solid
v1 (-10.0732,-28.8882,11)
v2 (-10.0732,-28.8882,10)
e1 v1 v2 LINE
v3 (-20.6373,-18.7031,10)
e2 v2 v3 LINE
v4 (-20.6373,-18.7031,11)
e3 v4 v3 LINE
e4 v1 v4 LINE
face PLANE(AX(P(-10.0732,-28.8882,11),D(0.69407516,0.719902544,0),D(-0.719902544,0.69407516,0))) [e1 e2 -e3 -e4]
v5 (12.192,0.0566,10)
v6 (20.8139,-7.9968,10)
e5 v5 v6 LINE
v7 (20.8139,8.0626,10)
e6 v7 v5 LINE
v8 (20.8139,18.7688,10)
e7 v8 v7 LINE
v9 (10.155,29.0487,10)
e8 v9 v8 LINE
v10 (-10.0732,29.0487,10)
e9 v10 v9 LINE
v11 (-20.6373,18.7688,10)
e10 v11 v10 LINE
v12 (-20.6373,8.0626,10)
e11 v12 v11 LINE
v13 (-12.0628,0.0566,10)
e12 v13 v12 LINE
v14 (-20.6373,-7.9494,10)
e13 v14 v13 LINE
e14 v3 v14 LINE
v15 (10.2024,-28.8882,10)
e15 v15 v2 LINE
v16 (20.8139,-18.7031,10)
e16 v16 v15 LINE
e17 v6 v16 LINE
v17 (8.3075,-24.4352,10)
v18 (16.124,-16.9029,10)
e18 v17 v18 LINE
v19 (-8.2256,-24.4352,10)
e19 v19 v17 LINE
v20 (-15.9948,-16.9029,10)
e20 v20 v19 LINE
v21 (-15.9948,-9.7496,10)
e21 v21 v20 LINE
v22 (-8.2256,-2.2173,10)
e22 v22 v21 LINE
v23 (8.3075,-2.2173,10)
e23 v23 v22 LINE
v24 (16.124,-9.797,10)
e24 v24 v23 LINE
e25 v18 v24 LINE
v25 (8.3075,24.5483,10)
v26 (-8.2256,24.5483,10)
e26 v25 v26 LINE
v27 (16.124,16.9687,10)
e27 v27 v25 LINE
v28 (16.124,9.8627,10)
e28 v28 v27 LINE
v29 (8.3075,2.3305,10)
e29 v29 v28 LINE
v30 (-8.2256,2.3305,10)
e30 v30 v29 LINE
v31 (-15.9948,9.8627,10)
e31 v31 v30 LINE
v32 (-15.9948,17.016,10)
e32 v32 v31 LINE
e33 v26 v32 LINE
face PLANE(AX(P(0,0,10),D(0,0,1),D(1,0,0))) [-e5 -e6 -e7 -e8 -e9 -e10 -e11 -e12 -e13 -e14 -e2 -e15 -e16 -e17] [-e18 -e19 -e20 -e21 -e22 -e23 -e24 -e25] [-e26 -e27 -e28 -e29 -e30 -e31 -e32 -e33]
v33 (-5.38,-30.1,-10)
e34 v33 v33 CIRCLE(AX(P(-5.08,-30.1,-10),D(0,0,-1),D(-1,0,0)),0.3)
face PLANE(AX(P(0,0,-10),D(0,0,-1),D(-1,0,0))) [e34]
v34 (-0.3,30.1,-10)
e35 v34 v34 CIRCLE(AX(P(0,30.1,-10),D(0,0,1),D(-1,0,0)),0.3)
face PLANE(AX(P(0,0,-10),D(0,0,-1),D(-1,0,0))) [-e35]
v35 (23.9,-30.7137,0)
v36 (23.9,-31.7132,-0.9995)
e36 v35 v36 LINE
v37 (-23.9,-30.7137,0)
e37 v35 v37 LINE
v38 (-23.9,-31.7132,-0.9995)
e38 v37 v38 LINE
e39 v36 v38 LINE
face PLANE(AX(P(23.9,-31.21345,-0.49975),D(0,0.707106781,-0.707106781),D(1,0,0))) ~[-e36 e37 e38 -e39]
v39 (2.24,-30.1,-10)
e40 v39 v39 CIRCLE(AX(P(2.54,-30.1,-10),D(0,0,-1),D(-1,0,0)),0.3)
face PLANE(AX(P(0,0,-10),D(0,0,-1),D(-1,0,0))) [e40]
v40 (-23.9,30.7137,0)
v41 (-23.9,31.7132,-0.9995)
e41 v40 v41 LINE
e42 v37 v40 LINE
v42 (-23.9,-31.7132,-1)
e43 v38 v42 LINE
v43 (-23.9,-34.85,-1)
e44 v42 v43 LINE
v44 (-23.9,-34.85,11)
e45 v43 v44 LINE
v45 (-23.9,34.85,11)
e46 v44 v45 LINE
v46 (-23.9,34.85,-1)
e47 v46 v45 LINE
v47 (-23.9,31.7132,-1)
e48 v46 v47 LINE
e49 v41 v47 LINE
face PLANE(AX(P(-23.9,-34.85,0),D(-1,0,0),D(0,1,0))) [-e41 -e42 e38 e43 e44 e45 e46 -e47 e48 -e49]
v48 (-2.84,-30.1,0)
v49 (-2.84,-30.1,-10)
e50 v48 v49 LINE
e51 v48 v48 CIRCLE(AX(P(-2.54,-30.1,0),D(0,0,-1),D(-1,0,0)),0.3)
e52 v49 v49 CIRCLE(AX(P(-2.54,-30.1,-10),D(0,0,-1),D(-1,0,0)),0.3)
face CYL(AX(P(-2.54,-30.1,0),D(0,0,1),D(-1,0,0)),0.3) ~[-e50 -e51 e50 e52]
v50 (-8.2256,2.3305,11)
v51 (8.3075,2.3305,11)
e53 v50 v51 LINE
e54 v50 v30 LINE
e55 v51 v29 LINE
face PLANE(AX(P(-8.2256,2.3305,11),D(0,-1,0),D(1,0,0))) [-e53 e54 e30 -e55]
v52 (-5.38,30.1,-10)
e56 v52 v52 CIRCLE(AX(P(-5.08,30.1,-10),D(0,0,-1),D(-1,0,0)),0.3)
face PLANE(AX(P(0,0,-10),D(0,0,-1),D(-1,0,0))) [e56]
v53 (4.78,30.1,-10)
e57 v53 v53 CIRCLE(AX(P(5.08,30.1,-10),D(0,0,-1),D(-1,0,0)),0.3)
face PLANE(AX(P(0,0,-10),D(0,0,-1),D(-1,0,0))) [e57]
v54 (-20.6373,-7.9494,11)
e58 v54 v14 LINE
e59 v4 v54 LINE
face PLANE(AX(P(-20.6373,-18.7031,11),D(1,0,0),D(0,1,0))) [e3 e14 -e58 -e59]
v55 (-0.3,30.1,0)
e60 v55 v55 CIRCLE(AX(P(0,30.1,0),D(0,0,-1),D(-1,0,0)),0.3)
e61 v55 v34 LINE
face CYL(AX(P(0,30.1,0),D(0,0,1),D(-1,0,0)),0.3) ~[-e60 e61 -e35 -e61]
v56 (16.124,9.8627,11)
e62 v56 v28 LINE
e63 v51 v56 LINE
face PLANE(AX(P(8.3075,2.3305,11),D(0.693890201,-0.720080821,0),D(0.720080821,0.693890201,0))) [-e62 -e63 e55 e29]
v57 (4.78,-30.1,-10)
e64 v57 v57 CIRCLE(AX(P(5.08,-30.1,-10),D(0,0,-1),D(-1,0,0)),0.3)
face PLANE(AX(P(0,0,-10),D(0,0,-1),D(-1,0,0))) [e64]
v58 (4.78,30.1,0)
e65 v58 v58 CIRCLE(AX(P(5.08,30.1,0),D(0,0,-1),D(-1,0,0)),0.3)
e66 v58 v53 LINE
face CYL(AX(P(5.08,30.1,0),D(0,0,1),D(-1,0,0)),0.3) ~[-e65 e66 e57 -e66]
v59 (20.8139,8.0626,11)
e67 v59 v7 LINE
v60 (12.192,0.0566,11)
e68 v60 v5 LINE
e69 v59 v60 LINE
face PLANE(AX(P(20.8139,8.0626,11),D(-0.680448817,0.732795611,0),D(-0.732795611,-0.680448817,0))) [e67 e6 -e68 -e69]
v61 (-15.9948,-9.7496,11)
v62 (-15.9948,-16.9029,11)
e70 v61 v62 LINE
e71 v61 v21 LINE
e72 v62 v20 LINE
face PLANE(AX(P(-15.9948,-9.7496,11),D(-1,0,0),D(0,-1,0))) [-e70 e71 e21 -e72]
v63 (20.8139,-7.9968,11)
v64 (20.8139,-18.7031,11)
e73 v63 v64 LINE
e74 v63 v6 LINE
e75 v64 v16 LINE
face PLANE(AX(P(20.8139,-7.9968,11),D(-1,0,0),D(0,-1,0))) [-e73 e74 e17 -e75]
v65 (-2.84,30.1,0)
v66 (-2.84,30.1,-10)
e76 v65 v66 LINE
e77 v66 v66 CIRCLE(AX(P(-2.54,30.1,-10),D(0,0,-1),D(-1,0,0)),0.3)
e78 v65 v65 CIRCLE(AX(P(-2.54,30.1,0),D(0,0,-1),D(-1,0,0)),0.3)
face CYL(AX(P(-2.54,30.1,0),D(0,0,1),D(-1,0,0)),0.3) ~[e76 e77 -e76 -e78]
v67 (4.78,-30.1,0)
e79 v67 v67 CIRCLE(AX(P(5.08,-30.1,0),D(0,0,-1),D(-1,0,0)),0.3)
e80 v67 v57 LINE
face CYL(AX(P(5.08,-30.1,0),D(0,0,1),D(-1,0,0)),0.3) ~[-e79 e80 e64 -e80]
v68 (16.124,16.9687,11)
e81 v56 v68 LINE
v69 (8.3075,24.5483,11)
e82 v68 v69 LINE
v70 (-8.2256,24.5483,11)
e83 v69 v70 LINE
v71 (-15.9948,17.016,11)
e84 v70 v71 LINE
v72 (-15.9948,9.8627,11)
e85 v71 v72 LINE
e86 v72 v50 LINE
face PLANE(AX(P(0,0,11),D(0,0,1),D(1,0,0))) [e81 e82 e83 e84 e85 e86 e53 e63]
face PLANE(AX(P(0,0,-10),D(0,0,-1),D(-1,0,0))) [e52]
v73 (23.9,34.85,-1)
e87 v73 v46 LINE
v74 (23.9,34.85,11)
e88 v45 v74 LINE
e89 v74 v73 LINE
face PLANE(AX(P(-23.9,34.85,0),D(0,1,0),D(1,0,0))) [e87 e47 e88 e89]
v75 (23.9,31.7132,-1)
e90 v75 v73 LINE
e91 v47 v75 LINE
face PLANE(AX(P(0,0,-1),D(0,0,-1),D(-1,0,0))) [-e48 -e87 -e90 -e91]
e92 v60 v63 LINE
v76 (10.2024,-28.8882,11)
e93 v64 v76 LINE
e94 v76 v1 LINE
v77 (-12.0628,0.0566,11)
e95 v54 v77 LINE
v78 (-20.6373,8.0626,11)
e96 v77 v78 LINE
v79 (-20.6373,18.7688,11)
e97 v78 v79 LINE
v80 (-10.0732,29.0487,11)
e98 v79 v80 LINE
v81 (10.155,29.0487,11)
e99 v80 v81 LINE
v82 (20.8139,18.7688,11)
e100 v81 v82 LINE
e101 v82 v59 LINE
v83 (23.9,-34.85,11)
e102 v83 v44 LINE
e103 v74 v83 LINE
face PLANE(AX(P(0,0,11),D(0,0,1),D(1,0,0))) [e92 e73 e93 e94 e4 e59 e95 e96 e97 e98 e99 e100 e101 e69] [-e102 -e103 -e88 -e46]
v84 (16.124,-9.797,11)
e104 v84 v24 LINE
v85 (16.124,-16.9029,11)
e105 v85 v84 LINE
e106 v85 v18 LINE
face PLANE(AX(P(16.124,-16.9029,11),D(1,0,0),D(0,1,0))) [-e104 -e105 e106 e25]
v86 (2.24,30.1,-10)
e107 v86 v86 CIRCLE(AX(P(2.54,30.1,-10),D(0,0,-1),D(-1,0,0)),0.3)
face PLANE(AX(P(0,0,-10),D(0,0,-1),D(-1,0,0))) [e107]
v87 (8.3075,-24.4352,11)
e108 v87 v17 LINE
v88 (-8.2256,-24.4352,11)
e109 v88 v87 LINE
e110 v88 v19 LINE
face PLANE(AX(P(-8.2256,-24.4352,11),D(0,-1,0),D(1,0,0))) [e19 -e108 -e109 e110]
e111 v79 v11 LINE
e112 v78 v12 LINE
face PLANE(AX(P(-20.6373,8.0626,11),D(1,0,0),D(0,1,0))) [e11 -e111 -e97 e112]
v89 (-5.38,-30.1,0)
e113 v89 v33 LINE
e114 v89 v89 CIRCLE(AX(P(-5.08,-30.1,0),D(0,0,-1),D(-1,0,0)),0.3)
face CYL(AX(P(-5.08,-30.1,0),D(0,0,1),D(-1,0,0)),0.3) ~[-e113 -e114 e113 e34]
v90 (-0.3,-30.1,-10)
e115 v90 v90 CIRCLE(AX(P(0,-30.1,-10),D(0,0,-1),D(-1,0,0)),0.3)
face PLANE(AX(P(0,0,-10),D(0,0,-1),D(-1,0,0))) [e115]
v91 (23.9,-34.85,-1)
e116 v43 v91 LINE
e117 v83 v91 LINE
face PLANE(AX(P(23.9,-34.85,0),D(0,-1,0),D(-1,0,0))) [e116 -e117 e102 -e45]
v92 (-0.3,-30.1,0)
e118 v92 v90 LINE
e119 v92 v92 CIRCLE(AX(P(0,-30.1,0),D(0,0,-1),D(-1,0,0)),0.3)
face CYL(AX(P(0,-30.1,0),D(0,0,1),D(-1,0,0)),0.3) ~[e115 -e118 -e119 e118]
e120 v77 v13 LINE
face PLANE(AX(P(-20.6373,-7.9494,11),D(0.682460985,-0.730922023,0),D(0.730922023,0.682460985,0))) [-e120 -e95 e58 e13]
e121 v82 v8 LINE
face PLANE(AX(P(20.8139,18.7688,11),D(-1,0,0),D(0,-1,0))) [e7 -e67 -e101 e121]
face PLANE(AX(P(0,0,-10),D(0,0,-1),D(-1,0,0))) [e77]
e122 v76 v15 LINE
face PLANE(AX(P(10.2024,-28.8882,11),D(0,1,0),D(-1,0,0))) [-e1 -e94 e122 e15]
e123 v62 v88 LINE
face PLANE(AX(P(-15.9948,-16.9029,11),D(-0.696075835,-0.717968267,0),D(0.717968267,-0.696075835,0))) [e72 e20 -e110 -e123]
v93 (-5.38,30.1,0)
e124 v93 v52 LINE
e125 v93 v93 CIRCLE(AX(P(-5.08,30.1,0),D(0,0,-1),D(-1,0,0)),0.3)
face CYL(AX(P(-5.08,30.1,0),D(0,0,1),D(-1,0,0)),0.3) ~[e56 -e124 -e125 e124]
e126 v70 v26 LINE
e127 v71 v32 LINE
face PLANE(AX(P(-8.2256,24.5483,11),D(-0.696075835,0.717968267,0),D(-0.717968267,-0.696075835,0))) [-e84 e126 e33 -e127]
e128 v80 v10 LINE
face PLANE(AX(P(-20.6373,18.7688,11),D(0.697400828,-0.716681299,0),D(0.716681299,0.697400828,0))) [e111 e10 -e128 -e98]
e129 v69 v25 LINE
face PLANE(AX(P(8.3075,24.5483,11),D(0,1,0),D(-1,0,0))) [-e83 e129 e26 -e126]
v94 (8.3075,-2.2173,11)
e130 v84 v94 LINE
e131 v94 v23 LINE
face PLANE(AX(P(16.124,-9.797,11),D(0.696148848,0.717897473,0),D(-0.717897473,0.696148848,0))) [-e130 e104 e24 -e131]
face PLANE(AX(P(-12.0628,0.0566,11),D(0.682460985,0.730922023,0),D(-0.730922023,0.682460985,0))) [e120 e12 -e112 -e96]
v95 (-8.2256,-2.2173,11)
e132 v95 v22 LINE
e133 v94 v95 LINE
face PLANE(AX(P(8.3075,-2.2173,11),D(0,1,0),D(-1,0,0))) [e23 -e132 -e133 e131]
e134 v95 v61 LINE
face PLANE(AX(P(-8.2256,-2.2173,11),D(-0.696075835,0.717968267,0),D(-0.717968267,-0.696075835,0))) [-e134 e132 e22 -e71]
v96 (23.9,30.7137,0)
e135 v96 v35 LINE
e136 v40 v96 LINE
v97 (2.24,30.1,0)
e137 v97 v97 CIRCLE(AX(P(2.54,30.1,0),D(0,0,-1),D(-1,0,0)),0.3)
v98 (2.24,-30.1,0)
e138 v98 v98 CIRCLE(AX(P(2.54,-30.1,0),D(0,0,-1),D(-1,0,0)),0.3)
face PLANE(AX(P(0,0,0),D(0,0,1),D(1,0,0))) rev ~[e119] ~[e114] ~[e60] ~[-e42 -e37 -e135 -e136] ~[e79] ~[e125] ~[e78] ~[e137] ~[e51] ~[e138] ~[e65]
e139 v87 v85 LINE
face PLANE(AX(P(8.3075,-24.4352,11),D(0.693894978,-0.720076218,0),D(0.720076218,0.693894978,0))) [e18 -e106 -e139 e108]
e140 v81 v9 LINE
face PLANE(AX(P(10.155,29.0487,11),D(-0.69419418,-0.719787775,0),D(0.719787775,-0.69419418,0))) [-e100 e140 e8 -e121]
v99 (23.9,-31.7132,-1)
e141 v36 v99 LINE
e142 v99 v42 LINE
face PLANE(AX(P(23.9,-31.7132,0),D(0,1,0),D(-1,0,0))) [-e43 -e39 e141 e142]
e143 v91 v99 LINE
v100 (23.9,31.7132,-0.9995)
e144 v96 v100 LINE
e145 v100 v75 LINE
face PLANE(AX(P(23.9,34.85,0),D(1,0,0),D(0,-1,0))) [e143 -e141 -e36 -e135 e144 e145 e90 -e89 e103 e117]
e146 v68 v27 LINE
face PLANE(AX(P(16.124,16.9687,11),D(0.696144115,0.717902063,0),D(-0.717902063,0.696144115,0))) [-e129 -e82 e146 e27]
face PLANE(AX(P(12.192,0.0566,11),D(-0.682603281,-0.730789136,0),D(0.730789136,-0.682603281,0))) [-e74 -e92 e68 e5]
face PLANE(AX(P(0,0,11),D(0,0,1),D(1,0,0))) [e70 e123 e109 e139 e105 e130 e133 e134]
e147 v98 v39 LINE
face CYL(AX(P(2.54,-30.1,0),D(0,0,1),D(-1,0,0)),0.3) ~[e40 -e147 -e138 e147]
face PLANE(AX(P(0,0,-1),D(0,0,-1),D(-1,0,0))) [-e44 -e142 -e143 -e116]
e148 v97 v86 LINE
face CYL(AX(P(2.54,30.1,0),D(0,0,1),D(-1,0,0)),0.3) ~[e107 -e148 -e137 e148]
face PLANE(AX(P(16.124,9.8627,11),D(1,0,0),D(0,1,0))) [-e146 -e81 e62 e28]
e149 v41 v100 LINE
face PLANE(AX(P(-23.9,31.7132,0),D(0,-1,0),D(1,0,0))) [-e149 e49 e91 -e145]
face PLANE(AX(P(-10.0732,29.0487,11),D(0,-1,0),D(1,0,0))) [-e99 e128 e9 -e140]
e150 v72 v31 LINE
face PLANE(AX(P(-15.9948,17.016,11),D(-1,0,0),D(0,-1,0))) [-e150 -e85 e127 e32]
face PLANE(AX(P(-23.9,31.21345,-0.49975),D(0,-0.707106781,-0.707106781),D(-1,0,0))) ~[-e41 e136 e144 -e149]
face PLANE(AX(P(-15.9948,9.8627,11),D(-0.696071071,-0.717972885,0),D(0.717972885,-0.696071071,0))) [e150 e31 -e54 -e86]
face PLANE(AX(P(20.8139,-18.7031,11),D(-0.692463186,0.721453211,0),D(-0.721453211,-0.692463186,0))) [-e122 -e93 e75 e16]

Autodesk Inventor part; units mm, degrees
ref_plane "YZ Plane" through (0, 0, 0) normal (1, 0, 0) x (0, 1, 0)
ref_plane "XZ Plane" through (0, 0, 0) normal (0, 1, 0) x (-1, 0, 0)
ref_plane "XY Plane" through (0, 0, 0) normal (0, 0, 1) x (1, 0, 0)
sketch "Sketch1" plane through (0, 0, 0) normal (0, 0, 1) x (1, 0, 0)
  line L0 (-23.9, 34.85) -> (23.9, 34.85)
  line L1 (23.9, 34.85) -> (23.9, -34.85)
  line L2 (23.9, -34.85) -> (-23.9, -34.85)
  line L3 (-23.9, -34.85) -> (-23.9, 34.85)
  dimension "d0" = 47.8
  dimension "d1" = 69.7
extrude "Extrusion1" add sketch "Sketch1" along normal blind 11
sketch "Sketch2" plane through (0, 0, 0) normal (0, 0, -1) x (-1, 0, 0)
  line L0 (-23.9, 34.85) -> (23.9, 34.85) projected
  line L1 (23.9, 34.85) -> (23.9, -34.85) projected
  line L2 (-23.9, 34.85) -> (23.9, 34.85)
  line L3 (23.9, 34.85) -> (23.9, 31.7132)
  line L4 (23.9, 31.7132) -> (-23.9, 31.7132)
  line L5 (-23.9, 31.7132) -> (-23.9, 34.85)
  line L6 (23.9, -34.85) -> (-23.9, -34.85) projected
  line L7 (-23.9, -34.85) -> (-23.9, 34.85) projected
  line L8 (23.9, -34.85) -> (-23.9, -34.85)
  line L9 (-23.9, -34.85) -> (-23.9, -31.7132)
  line L10 (-23.9, -31.7132) -> (23.9, -31.7132)
  line L11 (23.9, -31.7132) -> (23.9, -34.85)
  line L12 (-23.9, 34.85) -> (23.9, 34.85)
  line L13 (23.9, 34.85) -> (23.9, 31.7132)
  line L14 (23.9, 31.7132) -> (-23.9, 31.7132)
  line L15 (-23.9, 31.7132) -> (-23.9, 34.85)
  line L16 (-23.9, -31.7132) -> (23.9, -31.7132)
  line L17 (23.9, -31.7132) -> (23.9, -34.85)
  line L18 (23.9, -34.85) -> (-23.9, -34.85)
  line L19 (-23.9, -34.85) -> (-23.9, -31.7132)
  point P0 (0, 0)
  dimension "d4" = 3.1368
  dimension "d5" = 3.1368
extrude "Extrusion2" add sketch "Sketch2" along normal blind 1 contours L0 L1 L4 L5 | L10 L1 L6 L7
chamfer "Chamfer1" distance 1 distance2 1 1 edges at (0, 31.7132, 0) measured on face at (-7.9667, -10.5711, 0)
chamfer "Chamfer2" distance 1 distance2 1 1 edges at (0, -31.7132, 0) measured on face at (-7.9667, -10.9042, 0)
sketch "Sketch3" plane through (0, 0, 0) normal (0, 0, -1) x (-1, 0, 0)
  circle A0 centre (0, 30.1) radius 0.3
  circle A1 centre (2.54, 30.1) radius 0.3
  circle A2 centre (5.08, 30.1) radius 0.3
  line L0 (-23.9, 30.7132) -> (23.9, 30.7132) projected
  line L1 (0, 30.7132) -> (0, 27.4639)
  circle A3 centre (-2.54, 30.1) radius 0.3
  circle A4 centre (-5.08, 30.1) radius 0.3
  line L2 (-5.649, 0) -> (7.1976, 0)
  circle A5 centre (0, -30.1) radius 0.3
  circle A6 centre (2.54, -30.1) radius 0.3
  circle A7 centre (5.08, -30.1) radius 0.3
  circle A8 centre (-2.54, -30.1) radius 0.3
  circle A9 centre (-5.08, -30.1) radius 0.3
  point P0 (0, 0)
  dimension "d14" = 0.6
  dimension "d15" = 0.6
  dimension "d16" = 0.6
extrude "Extrusion3" add sketch "Sketch3" along normal blind 10
sketch "Sketch4" plane through (0, 0, 11) normal (0, 0, 1) x (1, 0, 0)
  line L0 (-28.3117, 29.0487) -> (26.925, 29.0487) construction
  line L1 (26.925, 29.0487) -> (26.925, -28.8882) construction
  line L2 (26.925, -28.8882) -> (-28.3117, -28.8882) construction
  line L3 (-28.3117, -28.8882) -> (-28.3117, 29.0487) construction
  line L4 (20.8139, -18.7031) -> (10.2024, -28.8882)
  line L5 (10.2024, -28.8882) -> (-10.0732, -28.8882)
  line L6 (-10.0732, -28.8882) -> (-20.6373, -18.7031)
  line L7 (-20.6373, -18.7031) -> (-20.6373, -7.9494)
  line L8 (-20.6373, -7.9494) -> (-12.0628, 0.0566)
  line L9 (-12.0628, 0.0566) -> (-20.6373, 8.0626)
  line L10 (-20.6373, 8.0626) -> (-20.6373, 18.7688)
  line L11 (-20.6373, 18.7688) -> (-10.0732, 29.0487)
  line L12 (-10.0732, 29.0487) -> (10.155, 29.0487)
  line L13 (10.155, 29.0487) -> (20.8139, 18.7688)
  line L14 (20.8139, 18.7688) -> (20.8139, 8.0626)
  line L15 (20.8139, 8.0626) -> (12.192, 0.0566)
  line L16 (12.192, 0.0566) -> (20.8139, -7.9968)
  line L17 (20.8139, -7.9968) -> (20.8139, -18.7031)
  line L18 (16.124, -16.9029) -> (16.124, -9.797)
  line L19 (16.124, -9.797) -> (8.3075, -2.2173)
  line L20 (8.3075, -2.2173) -> (-8.2256, -2.2173)
  line L21 (-8.2256, -2.2173) -> (-15.9948, -9.7496)
  line L22 (-15.9948, -9.7496) -> (-15.9948, -16.9029)
  line L23 (-15.9948, -16.9029) -> (-8.2256, -24.4352)
  line L24 (-8.2256, -24.4352) -> (8.3075, -24.4352)
  line L25 (8.3075, -24.4352) -> (16.124, -16.9029)
  line L26 (16.124, 9.8627) -> (16.124, 16.9687)
  line L27 (16.124, 16.9687) -> (8.3075, 24.5483)
  line L28 (8.3075, 24.5483) -> (-8.2256, 24.5483)
  line L29 (-8.2256, 24.5483) -> (-15.9948, 17.016)
  line L30 (-15.9948, 17.016) -> (-15.9948, 9.8627)
  line L31 (-15.9948, 9.8627) -> (-8.2256, 2.3305)
  line L32 (-8.2256, 2.3305) -> (8.3075, 2.3305)
  line L33 (8.3075, 2.3305) -> (16.124, 9.8627)
  point P0 (0, 0)
extrude "Extrusion4" cut sketch "Sketch4" against normal blind 1
properties part number "Digit"
